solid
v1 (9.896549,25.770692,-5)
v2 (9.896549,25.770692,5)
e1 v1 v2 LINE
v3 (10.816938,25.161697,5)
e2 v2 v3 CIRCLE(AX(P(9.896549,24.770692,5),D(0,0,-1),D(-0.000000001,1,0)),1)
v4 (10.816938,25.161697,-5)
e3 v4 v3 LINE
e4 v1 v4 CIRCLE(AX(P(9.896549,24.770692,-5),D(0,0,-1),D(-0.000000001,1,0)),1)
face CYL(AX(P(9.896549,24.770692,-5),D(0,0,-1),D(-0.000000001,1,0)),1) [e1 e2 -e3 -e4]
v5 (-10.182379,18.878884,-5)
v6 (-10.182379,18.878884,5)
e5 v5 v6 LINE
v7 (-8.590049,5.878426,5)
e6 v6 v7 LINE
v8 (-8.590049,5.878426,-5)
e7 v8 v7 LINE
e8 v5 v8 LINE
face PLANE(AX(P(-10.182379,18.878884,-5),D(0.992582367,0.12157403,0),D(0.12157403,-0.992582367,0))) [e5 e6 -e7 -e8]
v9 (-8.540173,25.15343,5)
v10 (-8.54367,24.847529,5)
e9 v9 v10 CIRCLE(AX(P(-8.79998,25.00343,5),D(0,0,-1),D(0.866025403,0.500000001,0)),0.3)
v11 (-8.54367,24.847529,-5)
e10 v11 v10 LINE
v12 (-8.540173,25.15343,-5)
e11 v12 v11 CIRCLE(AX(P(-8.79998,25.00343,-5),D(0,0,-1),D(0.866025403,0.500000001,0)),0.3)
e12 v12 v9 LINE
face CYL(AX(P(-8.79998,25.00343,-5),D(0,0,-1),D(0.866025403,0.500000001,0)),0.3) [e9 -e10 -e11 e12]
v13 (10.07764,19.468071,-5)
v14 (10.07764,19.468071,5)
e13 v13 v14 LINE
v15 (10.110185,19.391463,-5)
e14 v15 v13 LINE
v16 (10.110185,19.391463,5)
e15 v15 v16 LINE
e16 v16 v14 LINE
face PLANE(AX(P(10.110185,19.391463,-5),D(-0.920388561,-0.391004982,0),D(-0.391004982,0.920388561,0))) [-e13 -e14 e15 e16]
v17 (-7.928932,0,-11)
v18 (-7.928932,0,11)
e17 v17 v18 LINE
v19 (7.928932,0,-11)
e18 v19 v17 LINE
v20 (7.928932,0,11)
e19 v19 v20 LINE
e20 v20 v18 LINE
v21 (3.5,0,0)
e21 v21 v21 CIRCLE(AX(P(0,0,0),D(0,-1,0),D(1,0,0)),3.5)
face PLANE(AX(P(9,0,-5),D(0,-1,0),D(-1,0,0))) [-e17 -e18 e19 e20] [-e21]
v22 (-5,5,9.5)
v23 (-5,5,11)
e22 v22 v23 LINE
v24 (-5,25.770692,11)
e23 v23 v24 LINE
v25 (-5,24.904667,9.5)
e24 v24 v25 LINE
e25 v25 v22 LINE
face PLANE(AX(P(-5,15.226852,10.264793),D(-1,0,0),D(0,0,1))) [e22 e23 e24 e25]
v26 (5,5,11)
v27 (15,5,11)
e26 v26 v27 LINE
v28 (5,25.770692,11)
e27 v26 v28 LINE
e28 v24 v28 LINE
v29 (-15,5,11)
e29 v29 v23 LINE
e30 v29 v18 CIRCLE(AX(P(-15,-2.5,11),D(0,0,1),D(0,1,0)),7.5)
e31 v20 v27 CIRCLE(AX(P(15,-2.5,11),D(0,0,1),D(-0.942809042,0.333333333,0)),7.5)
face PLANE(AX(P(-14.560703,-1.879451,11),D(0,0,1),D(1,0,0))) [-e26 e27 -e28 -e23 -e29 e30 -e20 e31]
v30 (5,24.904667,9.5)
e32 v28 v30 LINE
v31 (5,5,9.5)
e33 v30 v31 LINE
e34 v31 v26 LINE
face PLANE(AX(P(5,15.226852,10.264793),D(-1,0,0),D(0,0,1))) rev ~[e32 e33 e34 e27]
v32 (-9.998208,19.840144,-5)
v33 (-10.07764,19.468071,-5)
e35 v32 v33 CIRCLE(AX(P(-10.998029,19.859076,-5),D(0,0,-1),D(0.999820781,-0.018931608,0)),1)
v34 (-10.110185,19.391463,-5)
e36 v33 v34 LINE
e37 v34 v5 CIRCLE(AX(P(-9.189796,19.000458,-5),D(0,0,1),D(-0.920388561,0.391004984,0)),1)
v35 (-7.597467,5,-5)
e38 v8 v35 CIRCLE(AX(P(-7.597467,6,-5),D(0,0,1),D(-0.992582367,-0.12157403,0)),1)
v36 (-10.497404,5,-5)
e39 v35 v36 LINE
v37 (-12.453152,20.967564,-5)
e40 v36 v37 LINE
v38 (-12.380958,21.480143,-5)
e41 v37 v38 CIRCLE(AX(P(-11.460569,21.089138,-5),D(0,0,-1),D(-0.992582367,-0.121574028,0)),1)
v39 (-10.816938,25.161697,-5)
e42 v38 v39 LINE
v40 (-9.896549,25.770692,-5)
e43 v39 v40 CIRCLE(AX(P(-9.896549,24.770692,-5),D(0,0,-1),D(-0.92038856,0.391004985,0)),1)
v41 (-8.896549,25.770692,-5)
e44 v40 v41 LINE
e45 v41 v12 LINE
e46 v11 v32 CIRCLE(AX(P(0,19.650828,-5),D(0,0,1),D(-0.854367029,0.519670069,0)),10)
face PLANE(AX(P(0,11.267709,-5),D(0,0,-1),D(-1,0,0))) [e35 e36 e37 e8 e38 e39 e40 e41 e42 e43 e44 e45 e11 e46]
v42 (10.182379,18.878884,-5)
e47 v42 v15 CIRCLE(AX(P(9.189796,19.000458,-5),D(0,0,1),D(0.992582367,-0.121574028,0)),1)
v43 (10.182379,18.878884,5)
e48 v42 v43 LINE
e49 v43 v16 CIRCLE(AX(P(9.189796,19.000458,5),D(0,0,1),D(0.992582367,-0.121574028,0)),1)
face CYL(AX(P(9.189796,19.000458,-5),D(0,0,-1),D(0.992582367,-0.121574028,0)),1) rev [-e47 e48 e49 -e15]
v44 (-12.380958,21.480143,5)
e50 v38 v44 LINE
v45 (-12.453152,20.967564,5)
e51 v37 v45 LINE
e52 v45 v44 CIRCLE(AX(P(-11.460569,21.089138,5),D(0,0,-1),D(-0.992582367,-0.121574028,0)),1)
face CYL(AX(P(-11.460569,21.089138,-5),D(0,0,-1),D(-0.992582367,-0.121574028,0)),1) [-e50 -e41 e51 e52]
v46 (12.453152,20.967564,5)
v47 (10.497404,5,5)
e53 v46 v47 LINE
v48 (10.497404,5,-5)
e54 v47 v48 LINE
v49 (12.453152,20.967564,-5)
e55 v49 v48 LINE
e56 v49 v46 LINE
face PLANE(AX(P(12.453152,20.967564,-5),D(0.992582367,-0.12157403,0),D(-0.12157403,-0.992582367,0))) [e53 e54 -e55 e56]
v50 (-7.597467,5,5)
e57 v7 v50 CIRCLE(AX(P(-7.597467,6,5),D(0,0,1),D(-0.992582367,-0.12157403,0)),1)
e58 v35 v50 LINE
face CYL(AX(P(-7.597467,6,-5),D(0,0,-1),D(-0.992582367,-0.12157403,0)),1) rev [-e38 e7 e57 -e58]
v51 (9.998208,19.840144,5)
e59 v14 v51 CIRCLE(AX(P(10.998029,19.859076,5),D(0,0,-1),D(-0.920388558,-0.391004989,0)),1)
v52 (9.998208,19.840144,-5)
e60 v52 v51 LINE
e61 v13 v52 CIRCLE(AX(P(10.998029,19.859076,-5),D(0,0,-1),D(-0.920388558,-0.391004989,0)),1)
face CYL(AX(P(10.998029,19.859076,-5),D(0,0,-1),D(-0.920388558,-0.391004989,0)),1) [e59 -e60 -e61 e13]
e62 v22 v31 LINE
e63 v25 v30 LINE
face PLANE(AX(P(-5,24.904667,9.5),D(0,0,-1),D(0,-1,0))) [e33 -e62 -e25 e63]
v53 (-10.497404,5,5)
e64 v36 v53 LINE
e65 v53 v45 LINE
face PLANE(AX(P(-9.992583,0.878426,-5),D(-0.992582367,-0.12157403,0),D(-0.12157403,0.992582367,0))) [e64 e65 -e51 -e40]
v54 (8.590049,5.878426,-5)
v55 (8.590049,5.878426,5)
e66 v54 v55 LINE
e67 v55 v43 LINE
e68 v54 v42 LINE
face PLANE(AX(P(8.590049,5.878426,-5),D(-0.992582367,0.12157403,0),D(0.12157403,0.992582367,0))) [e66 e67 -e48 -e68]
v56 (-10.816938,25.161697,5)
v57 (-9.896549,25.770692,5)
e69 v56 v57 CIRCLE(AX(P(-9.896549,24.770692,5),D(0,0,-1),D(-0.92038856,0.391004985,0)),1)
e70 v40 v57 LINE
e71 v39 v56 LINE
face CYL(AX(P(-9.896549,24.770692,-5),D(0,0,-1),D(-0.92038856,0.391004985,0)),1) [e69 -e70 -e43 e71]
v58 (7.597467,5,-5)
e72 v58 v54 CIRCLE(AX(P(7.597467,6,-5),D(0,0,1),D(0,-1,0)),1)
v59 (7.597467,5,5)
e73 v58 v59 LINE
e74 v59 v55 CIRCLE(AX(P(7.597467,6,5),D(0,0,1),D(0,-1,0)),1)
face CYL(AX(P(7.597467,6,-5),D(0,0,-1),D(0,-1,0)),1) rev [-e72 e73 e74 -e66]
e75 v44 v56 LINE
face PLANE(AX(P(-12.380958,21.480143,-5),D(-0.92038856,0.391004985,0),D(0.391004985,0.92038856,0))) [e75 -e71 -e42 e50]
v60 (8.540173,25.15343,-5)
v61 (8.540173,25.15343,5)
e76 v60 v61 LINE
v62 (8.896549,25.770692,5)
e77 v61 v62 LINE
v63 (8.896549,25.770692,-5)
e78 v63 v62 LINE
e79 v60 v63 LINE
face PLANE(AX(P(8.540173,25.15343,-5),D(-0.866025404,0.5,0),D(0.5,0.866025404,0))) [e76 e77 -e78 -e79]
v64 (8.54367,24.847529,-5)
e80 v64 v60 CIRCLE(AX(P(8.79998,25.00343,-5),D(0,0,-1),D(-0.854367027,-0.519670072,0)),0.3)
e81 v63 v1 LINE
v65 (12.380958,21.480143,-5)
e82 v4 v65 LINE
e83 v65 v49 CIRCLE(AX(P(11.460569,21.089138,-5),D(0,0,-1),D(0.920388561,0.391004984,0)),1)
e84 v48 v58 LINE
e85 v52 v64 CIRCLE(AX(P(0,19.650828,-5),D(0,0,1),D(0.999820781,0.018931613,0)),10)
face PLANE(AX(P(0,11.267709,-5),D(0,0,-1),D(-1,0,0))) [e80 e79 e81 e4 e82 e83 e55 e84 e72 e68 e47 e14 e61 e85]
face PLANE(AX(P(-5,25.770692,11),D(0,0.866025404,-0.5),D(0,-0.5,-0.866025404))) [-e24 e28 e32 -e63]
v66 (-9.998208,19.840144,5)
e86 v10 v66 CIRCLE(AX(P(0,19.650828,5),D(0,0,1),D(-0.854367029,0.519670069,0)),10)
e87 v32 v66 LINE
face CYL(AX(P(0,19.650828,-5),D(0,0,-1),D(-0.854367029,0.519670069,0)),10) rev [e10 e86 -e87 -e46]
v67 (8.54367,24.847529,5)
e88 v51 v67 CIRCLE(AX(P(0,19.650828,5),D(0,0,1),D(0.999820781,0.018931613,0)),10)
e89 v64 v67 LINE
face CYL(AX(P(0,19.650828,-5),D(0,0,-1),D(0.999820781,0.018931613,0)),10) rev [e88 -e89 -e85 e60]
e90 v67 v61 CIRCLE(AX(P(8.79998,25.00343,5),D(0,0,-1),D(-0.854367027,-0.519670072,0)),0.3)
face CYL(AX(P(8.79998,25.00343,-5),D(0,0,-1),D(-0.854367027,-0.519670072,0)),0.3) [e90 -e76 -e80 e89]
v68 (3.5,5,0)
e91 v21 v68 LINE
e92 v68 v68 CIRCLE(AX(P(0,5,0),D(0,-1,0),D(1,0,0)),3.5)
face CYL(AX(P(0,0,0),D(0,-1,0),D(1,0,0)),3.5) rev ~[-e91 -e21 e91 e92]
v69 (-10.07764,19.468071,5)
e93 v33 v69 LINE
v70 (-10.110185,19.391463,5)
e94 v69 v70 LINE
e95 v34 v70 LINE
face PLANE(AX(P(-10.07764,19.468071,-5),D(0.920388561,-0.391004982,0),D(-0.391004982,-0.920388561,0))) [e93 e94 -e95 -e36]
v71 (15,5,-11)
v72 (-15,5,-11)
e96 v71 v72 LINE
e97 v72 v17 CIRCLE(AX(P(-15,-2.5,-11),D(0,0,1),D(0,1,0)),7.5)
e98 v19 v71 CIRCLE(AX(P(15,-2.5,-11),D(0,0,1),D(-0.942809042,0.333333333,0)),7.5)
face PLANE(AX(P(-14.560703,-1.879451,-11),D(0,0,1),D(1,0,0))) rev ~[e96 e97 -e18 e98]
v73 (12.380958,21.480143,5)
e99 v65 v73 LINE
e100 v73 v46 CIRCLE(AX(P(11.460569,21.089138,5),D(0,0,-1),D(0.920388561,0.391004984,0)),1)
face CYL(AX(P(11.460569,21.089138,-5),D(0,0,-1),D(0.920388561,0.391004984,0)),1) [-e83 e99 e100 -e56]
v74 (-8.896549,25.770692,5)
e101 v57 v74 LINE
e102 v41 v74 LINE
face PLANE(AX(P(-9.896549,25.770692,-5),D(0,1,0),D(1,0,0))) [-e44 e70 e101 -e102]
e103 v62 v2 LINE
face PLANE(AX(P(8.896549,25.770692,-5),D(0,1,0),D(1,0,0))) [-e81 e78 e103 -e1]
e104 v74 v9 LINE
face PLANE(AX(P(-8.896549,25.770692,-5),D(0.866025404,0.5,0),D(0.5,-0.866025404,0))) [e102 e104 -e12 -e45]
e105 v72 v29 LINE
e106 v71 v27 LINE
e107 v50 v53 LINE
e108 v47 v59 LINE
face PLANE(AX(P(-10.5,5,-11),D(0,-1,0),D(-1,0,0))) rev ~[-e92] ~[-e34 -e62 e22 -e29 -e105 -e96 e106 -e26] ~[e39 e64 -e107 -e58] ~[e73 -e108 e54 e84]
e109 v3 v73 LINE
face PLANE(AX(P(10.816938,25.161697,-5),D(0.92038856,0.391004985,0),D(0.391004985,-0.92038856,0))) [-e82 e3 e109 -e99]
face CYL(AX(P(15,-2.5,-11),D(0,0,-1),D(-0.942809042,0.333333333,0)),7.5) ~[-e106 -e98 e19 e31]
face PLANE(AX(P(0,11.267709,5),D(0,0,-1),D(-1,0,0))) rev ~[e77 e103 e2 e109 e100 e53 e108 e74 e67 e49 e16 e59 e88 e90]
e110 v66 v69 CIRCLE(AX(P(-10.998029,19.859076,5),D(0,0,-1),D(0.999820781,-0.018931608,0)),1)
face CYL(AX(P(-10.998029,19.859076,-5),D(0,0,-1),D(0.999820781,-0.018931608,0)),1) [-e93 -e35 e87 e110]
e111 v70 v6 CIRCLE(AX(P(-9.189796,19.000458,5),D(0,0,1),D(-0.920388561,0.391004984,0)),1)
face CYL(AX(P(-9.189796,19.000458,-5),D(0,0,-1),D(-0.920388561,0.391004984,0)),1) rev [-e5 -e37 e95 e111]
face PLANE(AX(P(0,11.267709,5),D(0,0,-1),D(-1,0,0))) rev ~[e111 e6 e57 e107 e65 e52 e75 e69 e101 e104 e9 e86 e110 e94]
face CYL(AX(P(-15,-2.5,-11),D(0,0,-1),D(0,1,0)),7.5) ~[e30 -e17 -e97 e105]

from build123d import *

# Parameters (mm, degrees)
EXTRUDE_1582_DEPTH      = 11
EXTRUDE_1582_DEPTH_BACK = 11
EXTRUDE_2052_DEPTH      = 5
EXTRUDE_2052_DEPTH_BACK = 5
EXTRUDE_2225_DEPTH      = 5
EXTRUDE_2225_DEPTH_BACK = 5
CUT_EXTRUDE_2419_REACH  = 32.666
SKETCH_4_R              = 3.5
EXTRUDE_5_DEPTH         = 22


with BuildPart() as part:
    # Эскиз1 → Extrude 1582 (new, two sides: drawn at the far end of the back side and taken through both)
    with BuildSketch(Plane.XY.offset(-EXTRUDE_1582_DEPTH_BACK)):
        with BuildLine():
            Line((9, 0), (-9, 0))
            ThreePointArc((-9, 0), (-9.662499048, 0.250937245), (-9.992506725, 0.877809978))
            Line((-9.992506725, 0.877809978), (-10.5, 5))
            Line((-10.5, 5), (10.5, 5))
            Line((10.5, 5), (9.992506725, 0.877809978))
            ThreePointArc((9.992506725, 0.877809978), (9.662499048, 0.250937245), (9, 0))
        make_face()
    extrude(amount=EXTRUDE_1582_DEPTH + EXTRUDE_1582_DEPTH_BACK)

    # Эскиз6 → Extrude 2052 (add, two sides: drawn at the far end of the back side and taken through both)
    with BuildSketch(Plane.XY.offset(-EXTRUDE_2052_DEPTH_BACK)):
        with BuildLine():
            Line((9.000000194, 0), (-9.000000194, 0))
            ThreePointArc((-9.000000194, 0), (-9.662731652, 0.251142861), (-9.992582561, 0.87842597))
            Line((-9.992582561, 0.87842597), (-12.453151595, 20.967563779))
            ThreePointArc((-12.453151595, 20.967563779), (-12.450795845, 21.228605534), (-12.380957788, 21.480142794))
            Line((-12.380957788, 21.480142794), (-10.816937846, 25.161697034))
            ThreePointArc((-10.816937846, 25.161697034), (-10.448362214, 25.604659969), (-9.896549286, 25.770692048))
            Line((-9.896549286, 25.770692048), (-8.896549286, 25.770692048))
            Line((-8.896549286, 25.770692048), (-8.540172772, 25.153429819))
            ThreePointArc((-8.540172772, 25.153429819), (-8.5, 25), (-8.543670285, 24.847528799))
            ThreePointArc((-8.543670285, 24.847528799), (-9.603061276, 22.440310879), (-9.99820781, 19.840144231))
            ThreePointArc((-9.99820781, 19.840144231), (-10.020066103, 19.650295162), (-10.077640031, 19.468070858))
            Line((-10.077640031, 19.468070858), (-10.11018486, 19.391463424))
            ThreePointArc((-10.11018486, 19.391463424), (-10.180022917, 19.139926164), (-10.182378667, 18.878884409))
            Line((-10.182378667, 18.878884409), (-8.590049232, 5.87842597))
            ThreePointArc((-8.590049232, 5.87842597), (-8.260198323, 5.251142861), (-7.597466865, 5))
            Line((-7.597466865, 5), (7.597466865, 5))
            ThreePointArc((7.597466865, 5), (8.260198323, 5.251142861), (8.590049232, 5.87842597))
            Line((8.590049232, 5.87842597), (10.182378667, 18.878884409))
            ThreePointArc((10.182378667, 18.878884409), (10.180022917, 19.139926164), (10.11018486, 19.391463424))
            Line((10.11018486, 19.391463424), (10.077640031, 19.468070858))
            ThreePointArc((10.077640031, 19.468070858), (10.020066103, 19.650295162), (9.99820781, 19.840144231))
            ThreePointArc((9.99820781, 19.840144231), (9.603061276, 22.440310879), (8.543670285, 24.847528799))
            ThreePointArc((8.543670285, 24.847528799), (8.5, 25), (8.540172772, 25.153429819))
            Line((8.540172772, 25.153429819), (8.896549286, 25.770692048))
            Line((8.896549286, 25.770692048), (9.896549286, 25.770692048))
            ThreePointArc((9.896549286, 25.770692048), (10.448362214, 25.604659969), (10.816937846, 25.161697034))
            Line((10.816937846, 25.161697034), (12.380957788, 21.480142794))
            ThreePointArc((12.380957788, 21.480142794), (12.450795845, 21.228605534), (12.453151595, 20.967563779))
            Line((12.453151595, 20.967563779), (9.992582561, 0.87842597))
            ThreePointArc((9.992582561, 0.87842597), (9.662731652, 0.251142861), (9.000000194, 0))
        make_face()
    extrude(amount=EXTRUDE_2052_DEPTH + EXTRUDE_2052_DEPTH_BACK)

    # Эскиз3 → Extrude 2225 (add, two sides: drawn at the far end of the back side and taken through both)
    with BuildSketch(Plane(origin=(0, 0, 0), x_dir=(0, 0, -1), z_dir=(1, 0, 0)).offset(-EXTRUDE_2225_DEPTH_BACK)):
        Polygon((-9.5, 5), (-11, 5), (-11, 25.770692048), (-9.5, 24.904666645), align=None)
    extrude(amount=EXTRUDE_2225_DEPTH + EXTRUDE_2225_DEPTH_BACK)

    # Эскиз4 → Cut-Extrude 2419 (cut, up to next)
    with BuildSketch(Plane.XZ, mode=Mode.PRIVATE) as cut_extrude_2419_sk1:
        Circle(SKETCH_4_R)
    cut_extrude_2419_tool1 = extrude(cut_extrude_2419_sk1.sketch, amount=-CUT_EXTRUDE_2419_REACH, mode=Mode.PRIVATE) & part.part
    add(cut_extrude_2419_tool1.solids().sort_by_distance((0, 0, 0))[0], mode=Mode.SUBTRACT)

    # Эскиз7 → Бобышка-Вытянуть5 (add)
    with BuildSketch(Plane(origin=(0, 0, -11), x_dir=(-1, 0, 0), z_dir=(0, 0, -1))):
        with BuildLine():
            Line((7.928932188, 0), (9, 0))
            ThreePointArc((9, 0), (9.662499048, 0.250937245), (9.992506725, 0.877809978))
            Line((9.992506725, 0.877809978), (10.5, 5))
            Line((10.5, 5), (15, 5))
            ThreePointArc((15, 5), (19.330127019, -8.623724357), (7.928932188, 0))
        make_face()
        with BuildLine():
            Line((-15, 5), (-10.5, 5))
            Line((-10.5, 5), (-9.992506725, 0.877809978))
            ThreePointArc((-9.992506725, 0.877809978), (-9.662499048, 0.250937245), (-9, 0))
            Line((-9, 0), (-7.928932188, 0))
            ThreePointArc((-7.928932188, 0), (-19.330127019, -8.623724357), (-15, 5))
        make_face()
    extrude(amount=-EXTRUDE_5_DEPTH)


solid = part.part
